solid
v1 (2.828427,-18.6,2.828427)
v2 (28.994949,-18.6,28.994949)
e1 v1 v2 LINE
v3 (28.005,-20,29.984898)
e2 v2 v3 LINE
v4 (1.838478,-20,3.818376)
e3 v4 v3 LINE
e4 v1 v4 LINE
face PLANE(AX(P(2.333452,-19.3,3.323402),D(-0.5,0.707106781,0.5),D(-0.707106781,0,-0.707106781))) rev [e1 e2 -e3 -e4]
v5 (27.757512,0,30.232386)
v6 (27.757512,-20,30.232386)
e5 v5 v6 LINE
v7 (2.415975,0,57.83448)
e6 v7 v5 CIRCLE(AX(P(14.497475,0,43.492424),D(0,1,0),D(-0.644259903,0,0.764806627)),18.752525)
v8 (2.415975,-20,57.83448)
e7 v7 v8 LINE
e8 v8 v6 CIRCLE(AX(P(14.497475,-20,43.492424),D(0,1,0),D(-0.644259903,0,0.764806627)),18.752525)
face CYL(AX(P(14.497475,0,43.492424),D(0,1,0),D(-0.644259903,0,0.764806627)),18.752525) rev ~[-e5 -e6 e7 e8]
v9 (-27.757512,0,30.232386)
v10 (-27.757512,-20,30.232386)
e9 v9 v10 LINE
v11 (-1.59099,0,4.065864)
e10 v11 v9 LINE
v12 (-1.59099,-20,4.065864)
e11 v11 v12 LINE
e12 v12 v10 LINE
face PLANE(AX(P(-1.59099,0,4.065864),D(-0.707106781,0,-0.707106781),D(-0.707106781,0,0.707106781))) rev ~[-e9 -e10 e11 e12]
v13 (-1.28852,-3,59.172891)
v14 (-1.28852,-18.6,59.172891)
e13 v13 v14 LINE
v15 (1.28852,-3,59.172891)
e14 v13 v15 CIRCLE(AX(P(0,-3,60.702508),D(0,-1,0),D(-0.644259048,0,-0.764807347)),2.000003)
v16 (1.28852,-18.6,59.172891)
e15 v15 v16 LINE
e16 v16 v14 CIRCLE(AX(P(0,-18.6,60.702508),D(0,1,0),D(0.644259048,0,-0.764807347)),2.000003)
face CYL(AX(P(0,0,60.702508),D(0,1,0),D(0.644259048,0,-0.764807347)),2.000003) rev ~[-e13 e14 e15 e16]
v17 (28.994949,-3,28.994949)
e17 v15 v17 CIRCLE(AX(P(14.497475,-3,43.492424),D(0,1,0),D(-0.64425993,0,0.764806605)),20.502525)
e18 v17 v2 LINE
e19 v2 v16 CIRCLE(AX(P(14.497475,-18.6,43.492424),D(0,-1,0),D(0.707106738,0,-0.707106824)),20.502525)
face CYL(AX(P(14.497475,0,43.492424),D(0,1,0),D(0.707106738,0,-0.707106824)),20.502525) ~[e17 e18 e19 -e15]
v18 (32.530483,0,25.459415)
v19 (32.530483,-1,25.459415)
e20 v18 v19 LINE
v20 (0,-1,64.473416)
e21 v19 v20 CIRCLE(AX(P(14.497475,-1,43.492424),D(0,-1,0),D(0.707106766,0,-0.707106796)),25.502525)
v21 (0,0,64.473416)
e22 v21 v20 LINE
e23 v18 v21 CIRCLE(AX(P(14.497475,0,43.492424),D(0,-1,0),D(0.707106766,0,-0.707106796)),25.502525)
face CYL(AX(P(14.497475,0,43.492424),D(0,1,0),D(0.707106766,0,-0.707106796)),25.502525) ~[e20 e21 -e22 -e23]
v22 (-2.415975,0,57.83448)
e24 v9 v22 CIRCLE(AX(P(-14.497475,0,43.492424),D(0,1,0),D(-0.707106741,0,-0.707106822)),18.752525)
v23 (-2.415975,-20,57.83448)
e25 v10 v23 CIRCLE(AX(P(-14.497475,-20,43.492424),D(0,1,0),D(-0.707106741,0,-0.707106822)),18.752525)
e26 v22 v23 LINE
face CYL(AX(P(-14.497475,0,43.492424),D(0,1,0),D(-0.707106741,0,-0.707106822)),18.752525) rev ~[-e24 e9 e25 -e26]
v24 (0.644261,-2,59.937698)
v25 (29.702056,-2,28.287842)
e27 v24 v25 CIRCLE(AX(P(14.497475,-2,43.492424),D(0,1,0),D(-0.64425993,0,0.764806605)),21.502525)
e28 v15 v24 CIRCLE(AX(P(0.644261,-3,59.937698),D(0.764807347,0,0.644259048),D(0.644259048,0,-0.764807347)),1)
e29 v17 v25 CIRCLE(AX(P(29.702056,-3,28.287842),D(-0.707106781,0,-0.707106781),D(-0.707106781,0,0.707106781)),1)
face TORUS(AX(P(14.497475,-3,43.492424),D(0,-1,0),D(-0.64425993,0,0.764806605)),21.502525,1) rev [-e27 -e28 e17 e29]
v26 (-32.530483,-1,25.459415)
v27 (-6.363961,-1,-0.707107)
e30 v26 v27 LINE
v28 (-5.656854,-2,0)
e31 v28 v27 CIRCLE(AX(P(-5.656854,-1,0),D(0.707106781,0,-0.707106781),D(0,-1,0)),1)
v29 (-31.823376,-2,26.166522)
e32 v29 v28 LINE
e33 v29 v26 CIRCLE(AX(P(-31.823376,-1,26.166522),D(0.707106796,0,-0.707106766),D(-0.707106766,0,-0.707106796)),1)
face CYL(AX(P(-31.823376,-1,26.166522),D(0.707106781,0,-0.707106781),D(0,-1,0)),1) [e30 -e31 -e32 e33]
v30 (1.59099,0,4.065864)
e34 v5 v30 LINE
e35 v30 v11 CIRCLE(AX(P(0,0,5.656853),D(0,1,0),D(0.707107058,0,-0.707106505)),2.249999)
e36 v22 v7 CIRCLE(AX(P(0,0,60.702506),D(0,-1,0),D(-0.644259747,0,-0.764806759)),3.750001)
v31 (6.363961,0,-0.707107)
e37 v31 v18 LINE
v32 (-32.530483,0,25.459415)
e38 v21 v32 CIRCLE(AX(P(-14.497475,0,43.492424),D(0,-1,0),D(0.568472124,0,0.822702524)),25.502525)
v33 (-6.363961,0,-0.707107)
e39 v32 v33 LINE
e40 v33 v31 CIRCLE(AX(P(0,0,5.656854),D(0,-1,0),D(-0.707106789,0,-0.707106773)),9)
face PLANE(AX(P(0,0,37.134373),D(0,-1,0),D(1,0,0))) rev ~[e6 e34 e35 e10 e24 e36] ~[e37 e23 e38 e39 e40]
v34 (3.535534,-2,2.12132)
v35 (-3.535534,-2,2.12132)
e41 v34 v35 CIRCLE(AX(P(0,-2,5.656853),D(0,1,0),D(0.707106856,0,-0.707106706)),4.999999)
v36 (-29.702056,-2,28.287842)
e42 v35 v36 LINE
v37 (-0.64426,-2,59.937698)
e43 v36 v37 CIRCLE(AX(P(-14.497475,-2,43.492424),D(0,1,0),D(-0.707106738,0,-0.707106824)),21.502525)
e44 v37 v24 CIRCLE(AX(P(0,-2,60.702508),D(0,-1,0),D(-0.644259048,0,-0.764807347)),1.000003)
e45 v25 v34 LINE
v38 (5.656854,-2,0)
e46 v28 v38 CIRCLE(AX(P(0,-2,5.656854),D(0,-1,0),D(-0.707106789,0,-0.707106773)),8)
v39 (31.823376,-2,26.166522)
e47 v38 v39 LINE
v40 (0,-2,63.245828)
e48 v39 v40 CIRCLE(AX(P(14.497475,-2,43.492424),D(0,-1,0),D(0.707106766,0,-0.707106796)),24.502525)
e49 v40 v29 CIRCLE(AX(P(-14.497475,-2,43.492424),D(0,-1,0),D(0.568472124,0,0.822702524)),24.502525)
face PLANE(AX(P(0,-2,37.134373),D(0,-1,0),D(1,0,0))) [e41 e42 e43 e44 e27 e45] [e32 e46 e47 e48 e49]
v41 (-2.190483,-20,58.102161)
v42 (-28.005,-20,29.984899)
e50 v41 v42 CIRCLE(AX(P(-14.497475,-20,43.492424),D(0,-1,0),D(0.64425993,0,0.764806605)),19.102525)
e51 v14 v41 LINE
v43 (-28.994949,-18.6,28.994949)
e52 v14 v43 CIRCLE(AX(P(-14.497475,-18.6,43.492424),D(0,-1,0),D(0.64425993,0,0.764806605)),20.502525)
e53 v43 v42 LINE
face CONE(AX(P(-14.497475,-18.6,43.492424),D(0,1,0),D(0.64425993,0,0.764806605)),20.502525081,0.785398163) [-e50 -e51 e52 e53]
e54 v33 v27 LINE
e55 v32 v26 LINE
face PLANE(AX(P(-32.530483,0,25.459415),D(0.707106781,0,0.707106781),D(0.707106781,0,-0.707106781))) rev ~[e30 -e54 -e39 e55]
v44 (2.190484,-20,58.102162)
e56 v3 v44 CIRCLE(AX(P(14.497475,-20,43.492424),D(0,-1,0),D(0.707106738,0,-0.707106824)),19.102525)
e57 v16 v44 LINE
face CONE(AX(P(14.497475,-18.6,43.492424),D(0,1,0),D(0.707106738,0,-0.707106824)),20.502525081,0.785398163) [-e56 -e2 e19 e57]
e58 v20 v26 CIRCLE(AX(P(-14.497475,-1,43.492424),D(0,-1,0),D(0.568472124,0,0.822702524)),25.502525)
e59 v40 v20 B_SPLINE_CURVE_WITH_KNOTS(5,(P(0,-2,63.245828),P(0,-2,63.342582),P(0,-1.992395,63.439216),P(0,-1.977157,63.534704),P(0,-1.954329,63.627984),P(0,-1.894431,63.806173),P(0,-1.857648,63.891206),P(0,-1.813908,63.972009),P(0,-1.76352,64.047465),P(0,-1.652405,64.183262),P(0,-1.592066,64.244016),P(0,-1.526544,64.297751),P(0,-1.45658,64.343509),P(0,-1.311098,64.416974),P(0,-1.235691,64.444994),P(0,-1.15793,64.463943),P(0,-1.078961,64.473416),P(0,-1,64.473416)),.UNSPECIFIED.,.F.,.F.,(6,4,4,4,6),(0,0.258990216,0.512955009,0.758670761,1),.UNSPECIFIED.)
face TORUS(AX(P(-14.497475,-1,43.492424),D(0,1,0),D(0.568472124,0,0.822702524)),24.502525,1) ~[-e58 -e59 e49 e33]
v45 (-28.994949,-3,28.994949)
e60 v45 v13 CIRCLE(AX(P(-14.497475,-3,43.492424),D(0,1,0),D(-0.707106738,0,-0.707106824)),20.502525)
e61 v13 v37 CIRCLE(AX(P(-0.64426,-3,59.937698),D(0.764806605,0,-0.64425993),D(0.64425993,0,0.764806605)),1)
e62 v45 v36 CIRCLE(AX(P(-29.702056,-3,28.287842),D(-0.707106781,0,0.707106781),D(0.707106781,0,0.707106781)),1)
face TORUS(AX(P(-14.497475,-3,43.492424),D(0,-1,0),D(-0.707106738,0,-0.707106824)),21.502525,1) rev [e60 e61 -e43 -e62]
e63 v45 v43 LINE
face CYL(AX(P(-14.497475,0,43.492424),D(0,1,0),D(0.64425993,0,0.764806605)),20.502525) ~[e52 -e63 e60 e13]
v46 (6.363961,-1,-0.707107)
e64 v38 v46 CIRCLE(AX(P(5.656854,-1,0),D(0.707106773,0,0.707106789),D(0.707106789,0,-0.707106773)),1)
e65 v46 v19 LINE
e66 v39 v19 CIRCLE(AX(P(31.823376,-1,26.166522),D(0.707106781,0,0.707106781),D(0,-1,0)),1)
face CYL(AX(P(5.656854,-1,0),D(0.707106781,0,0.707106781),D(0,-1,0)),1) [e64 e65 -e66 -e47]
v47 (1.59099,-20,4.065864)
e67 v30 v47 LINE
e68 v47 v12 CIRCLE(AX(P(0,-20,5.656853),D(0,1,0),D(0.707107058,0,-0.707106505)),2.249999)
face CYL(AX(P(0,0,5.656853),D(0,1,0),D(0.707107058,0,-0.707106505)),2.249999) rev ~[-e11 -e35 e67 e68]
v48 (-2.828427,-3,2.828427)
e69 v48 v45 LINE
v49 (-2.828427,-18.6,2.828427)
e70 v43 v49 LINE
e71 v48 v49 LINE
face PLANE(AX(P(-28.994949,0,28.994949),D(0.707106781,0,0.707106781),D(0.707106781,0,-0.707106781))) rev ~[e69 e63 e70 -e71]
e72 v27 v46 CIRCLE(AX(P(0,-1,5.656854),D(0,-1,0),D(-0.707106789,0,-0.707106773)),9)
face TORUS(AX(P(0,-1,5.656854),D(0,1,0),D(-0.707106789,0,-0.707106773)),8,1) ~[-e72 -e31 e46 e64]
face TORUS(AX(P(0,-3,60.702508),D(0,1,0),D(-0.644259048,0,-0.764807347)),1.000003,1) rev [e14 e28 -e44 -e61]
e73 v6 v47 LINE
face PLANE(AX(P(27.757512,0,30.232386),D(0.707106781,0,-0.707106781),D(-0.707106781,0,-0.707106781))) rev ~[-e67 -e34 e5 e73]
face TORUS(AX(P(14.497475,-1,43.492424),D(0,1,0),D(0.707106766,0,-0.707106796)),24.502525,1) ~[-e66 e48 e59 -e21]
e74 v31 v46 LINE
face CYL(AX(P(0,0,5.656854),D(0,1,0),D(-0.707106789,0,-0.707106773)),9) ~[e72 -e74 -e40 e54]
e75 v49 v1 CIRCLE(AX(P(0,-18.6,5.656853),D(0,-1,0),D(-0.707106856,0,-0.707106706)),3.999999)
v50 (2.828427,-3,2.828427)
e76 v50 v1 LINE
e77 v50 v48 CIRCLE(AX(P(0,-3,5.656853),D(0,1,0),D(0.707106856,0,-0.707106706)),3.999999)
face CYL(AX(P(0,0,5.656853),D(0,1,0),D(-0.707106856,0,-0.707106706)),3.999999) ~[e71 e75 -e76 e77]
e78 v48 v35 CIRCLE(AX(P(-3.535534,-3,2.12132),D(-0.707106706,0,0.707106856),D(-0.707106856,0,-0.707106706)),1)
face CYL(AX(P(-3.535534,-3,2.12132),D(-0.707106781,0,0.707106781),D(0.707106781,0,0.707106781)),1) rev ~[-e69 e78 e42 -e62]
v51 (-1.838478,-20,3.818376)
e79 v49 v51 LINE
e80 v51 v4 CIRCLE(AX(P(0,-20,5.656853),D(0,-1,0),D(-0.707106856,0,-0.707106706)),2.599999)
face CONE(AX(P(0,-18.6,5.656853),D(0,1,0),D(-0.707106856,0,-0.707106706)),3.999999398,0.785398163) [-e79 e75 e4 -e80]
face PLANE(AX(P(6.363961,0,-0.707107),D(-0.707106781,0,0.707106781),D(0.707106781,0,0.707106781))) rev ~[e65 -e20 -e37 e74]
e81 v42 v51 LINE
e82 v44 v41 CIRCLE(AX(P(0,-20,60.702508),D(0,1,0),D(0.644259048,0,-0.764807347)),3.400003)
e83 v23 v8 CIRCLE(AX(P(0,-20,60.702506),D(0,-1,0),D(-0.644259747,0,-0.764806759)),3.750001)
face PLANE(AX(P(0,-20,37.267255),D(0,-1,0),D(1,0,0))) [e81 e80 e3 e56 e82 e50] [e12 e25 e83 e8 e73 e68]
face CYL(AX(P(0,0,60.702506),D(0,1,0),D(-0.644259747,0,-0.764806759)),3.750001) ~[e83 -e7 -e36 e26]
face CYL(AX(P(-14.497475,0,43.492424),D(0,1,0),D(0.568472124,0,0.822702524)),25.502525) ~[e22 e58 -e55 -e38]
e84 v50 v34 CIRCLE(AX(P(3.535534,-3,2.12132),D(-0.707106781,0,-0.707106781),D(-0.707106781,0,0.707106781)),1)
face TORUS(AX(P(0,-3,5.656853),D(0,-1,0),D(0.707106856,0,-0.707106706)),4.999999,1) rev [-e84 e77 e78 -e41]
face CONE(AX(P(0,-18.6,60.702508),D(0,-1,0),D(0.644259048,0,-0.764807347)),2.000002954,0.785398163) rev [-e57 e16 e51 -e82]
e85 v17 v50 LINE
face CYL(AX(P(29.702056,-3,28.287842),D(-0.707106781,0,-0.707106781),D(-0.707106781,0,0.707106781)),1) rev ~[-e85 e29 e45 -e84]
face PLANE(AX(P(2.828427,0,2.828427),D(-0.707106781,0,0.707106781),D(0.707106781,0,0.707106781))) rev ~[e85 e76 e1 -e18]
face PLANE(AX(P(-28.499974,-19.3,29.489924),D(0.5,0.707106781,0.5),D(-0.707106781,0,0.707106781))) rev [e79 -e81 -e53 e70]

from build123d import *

# Parameters (mm, degrees)
F1_DEPTH = 20
F2_DEPTH = 2
F3_SIZE  = 1.4
F4_R     = 1


with BuildPart() as f1:
    # F0 (on Front) → F1 (new body)
    with BuildSketch(Plane.XZ):
        with BuildLine():
            Line((-28.994949, 28.994949), (-2.828427, 2.828427))
            ThreePointArc((-2.828427, 2.828427), (0, 1.656854), (2.828427, 2.828427))
            Line((2.828427, 2.828427), (28.994949, 28.994949))
            ThreePointArc((28.994949, 28.994949), (29.600194, 57.358261), (1.28852, 59.172891))
            ThreePointArc((1.28852, 59.172891), (0, 58.702505), (-1.28852, 59.172891))
            ThreePointArc((-1.28852, 59.172891), (-29.600194, 57.358261), (-28.994949, 28.994949))
        make_face()
        with BuildLine():
            ThreePointArc((1.59099, 4.065864), (0, 3.406854), (-1.59099, 4.065864))
            Line((-1.59099, 4.065864), (-27.757512, 30.232386))
            ThreePointArc((-27.757512, 30.232386), (-28.311096, 56.174738), (-2.415975, 57.83448))
            ThreePointArc((-2.415975, 57.83448), (0, 56.952505), (2.415975, 57.83448))
            ThreePointArc((2.415975, 57.83448), (28.311096, 56.174738), (27.757512, 30.232386))
            Line((27.757512, 30.232386), (1.59099, 4.065864))
        make_face(mode=Mode.SUBTRACT)
    extrude(amount=F1_DEPTH)

    # F0 (on Front) → F2 (join)
    with BuildSketch(Plane.XZ):
        with BuildLine():
            ThreePointArc((-6.363961, -0.707107), (0, -3.343146), (6.363961, -0.707107))
            Line((6.363961, -0.707107), (32.530483, 25.459415))
            ThreePointArc((32.530483, 25.459415), (34.084411, 59.824317), (0, 64.473416))
            ThreePointArc((0, 64.473416), (-34.084411, 59.824317), (-32.530483, 25.459415))
            Line((-32.530483, 25.459415), (-6.363961, -0.707107))
        make_face()
        with BuildLine():
            ThreePointArc((2.828427, 2.828427), (0, 1.656854), (-2.828427, 2.828427))
            Line((-2.828427, 2.828427), (-28.994949, 28.994949))
            ThreePointArc((-28.994949, 28.994949), (-29.600194, 57.358261), (-1.28852, 59.172891))
            ThreePointArc((-1.28852, 59.172891), (0, 58.702505), (1.28852, 59.172891))
            ThreePointArc((1.28852, 59.172891), (29.600194, 57.358261), (28.994949, 28.994949))
            Line((28.994949, 28.994949), (2.828427, 2.828427))
        make_face(mode=Mode.SUBTRACT)
    extrude(amount=F2_DEPTH)

    # F3
    f3_edges = [f1.edges().sort_by_distance(p)[0] for p in [
        (15.911688, -20, 15.911688),
    ]]
    chamfer(f3_edges, length=F3_SIZE)

    # F4
    f4_edges = [f1.edges().sort_by_distance(p)[0] for p in [
        (15.911688, -2, 15.911688),
        (19.447222, -2, 12.376154),
    ]]
    fillet(f4_edges, radius=F4_R)


solid = f1.part
